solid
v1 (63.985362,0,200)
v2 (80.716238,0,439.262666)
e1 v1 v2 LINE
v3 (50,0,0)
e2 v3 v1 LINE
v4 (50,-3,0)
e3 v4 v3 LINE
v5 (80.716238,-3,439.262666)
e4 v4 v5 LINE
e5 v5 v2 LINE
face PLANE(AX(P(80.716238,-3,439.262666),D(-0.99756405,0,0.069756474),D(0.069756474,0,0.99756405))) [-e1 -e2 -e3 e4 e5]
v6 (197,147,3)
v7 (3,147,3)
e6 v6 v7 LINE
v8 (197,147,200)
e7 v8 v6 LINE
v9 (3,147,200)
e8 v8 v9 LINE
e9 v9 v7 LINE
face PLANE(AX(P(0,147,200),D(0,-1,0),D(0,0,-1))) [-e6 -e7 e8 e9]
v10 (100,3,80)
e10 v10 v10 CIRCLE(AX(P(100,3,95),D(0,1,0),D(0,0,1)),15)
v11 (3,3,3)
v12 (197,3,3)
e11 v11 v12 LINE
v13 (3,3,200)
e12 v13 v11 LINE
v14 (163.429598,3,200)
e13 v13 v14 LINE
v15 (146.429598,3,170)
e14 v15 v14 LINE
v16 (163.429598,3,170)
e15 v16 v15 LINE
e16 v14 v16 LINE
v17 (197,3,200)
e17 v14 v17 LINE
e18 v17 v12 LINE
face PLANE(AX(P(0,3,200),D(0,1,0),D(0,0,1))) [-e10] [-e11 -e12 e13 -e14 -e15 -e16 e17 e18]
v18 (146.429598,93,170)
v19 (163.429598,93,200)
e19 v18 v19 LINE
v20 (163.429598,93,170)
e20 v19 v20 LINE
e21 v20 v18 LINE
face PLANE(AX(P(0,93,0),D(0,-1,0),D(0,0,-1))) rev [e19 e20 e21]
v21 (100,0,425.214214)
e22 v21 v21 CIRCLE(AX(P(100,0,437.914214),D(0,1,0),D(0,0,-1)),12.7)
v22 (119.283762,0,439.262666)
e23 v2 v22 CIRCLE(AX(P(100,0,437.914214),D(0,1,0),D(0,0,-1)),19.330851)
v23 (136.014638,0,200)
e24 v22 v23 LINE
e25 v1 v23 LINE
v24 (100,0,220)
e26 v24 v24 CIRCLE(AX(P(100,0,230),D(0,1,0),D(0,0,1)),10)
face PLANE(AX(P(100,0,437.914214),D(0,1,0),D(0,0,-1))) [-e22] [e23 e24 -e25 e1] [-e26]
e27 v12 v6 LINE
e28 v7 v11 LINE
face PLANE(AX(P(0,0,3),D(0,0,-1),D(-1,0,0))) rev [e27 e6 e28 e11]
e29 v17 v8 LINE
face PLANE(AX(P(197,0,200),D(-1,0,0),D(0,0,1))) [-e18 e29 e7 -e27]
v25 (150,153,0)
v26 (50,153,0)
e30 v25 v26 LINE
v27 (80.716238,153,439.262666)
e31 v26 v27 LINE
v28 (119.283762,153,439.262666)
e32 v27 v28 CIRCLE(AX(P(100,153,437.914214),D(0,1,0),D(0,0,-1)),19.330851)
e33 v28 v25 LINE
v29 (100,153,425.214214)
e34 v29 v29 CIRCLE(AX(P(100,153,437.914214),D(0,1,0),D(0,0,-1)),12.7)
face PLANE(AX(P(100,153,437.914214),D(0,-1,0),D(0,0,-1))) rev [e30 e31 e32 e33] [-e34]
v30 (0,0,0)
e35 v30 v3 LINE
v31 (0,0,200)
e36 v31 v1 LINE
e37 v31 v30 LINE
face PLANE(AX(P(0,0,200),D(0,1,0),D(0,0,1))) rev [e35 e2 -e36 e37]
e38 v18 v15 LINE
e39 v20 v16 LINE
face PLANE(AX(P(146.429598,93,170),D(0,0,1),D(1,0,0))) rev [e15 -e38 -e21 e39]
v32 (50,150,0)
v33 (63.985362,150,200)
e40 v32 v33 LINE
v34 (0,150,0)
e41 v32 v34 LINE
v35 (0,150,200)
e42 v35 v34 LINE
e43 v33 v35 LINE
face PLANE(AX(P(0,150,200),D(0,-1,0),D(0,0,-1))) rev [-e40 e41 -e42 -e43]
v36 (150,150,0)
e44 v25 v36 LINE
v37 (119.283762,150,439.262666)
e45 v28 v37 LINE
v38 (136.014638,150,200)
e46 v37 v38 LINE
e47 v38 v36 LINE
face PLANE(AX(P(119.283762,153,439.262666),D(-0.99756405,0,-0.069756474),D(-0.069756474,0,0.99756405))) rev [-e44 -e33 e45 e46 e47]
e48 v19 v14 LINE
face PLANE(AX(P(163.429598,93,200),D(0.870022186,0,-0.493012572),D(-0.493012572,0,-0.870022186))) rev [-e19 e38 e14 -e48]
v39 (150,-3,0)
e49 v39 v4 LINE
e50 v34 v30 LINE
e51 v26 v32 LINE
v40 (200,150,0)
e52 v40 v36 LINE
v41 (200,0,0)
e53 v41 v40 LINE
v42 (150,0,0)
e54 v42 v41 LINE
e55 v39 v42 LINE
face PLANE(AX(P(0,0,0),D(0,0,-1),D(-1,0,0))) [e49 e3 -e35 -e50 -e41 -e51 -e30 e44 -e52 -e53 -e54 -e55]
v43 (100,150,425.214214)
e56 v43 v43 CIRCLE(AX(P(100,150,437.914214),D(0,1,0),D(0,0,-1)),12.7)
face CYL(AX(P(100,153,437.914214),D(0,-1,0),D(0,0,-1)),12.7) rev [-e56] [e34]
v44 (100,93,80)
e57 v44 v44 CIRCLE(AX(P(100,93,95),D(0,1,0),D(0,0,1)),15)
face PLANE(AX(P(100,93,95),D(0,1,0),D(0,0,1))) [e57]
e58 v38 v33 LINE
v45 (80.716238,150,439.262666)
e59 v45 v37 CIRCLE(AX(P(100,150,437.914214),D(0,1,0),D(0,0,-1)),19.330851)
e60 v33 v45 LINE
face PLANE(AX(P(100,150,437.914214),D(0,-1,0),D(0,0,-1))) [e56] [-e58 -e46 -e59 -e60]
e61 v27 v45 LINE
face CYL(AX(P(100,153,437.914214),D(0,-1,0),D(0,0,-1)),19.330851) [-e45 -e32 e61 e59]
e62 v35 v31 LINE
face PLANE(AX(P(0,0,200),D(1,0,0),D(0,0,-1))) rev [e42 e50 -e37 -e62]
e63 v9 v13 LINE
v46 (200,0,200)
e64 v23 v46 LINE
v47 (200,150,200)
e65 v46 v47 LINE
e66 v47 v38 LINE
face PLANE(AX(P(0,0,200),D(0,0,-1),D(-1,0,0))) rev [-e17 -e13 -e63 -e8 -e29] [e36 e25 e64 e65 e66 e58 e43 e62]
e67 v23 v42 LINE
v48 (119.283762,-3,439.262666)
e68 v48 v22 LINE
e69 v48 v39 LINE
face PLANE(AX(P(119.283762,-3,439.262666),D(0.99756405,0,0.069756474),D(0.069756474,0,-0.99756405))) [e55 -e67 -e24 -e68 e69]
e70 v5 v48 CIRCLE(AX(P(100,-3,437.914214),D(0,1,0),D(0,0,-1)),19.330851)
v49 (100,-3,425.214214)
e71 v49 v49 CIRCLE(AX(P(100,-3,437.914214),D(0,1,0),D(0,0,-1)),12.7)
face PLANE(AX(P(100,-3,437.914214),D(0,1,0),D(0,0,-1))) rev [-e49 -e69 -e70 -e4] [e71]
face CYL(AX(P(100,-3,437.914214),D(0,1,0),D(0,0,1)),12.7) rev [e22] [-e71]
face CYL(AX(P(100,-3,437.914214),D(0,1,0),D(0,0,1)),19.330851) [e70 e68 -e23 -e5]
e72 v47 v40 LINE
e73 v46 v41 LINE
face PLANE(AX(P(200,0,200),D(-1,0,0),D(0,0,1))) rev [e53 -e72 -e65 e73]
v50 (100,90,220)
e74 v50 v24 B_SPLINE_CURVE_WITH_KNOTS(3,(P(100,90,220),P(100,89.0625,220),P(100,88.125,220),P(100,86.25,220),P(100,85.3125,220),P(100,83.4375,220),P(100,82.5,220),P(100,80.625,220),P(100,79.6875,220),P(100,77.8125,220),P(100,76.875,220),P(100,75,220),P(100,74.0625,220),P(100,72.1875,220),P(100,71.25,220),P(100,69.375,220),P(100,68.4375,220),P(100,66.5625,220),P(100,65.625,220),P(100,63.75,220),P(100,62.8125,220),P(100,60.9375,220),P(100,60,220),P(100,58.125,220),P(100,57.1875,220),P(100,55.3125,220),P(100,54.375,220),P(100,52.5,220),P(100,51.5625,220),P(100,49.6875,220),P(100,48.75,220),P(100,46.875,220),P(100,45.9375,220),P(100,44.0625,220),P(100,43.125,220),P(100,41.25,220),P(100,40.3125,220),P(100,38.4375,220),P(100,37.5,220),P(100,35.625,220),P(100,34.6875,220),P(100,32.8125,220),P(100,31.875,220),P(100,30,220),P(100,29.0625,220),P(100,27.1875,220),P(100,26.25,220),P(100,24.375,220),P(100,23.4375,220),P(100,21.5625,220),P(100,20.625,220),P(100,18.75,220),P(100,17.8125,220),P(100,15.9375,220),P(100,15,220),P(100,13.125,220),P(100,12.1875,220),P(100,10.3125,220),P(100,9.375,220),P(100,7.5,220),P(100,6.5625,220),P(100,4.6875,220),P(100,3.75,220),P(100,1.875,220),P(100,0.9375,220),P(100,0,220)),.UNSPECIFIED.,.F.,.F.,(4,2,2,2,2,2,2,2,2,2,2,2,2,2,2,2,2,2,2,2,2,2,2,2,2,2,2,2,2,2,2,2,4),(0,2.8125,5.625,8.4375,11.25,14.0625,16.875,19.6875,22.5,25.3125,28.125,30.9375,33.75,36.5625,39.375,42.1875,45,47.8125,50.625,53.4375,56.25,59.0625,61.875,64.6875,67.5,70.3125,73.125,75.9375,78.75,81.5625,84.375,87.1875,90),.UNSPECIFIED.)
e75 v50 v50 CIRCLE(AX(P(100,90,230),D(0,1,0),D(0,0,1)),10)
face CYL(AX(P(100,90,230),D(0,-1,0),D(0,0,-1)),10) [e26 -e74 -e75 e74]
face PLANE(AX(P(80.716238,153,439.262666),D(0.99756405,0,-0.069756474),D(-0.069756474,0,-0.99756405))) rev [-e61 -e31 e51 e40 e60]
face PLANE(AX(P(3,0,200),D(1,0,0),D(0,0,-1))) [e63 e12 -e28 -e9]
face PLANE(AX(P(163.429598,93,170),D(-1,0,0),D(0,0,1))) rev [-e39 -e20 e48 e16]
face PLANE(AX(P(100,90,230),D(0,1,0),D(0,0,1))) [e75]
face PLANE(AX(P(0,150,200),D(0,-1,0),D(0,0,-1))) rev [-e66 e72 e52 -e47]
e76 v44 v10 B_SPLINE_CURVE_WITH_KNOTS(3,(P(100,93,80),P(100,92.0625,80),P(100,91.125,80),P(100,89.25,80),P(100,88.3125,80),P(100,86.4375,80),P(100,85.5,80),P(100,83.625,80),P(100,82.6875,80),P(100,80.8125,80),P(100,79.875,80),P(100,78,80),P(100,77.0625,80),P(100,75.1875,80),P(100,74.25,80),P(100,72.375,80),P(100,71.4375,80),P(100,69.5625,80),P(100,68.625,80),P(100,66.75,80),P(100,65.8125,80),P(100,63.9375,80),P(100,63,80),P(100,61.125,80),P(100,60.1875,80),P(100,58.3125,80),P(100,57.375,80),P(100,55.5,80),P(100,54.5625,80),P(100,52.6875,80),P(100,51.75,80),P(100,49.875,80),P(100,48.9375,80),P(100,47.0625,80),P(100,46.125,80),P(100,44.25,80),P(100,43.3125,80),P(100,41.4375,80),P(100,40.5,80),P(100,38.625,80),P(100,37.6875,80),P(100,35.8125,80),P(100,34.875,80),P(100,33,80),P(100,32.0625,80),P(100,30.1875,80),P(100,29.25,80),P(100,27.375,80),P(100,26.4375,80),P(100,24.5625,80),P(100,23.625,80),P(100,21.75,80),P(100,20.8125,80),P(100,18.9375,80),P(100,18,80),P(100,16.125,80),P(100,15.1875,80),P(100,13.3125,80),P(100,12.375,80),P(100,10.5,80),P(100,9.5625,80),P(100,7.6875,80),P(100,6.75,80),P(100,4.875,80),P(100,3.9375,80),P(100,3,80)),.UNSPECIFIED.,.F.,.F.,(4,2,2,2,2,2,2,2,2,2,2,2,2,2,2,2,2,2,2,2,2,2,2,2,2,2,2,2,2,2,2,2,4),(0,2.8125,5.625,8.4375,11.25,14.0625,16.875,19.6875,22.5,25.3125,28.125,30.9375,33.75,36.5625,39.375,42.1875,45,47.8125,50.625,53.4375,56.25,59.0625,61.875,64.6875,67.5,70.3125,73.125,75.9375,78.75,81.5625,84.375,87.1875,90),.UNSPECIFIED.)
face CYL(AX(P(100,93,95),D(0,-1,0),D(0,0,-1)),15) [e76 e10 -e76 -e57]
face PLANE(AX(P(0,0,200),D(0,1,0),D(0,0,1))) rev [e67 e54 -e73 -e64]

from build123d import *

# Parameters (mm, degrees)
CROQUIS1_W              = 200
CROQUIS1_H              = 150
SALIENTE_EXTRUIR1_DEPTH = 200
VACIADO1_T              = -3
CROQUIS2_R              = 12.7
SALIENTE_EXTRUIR2_DEPTH = 3
CROQUIS4_R              = 15
SALIENTE_EXTRUIR3_DEPTH = 90
CROQUIS6_R              = 10
SALIENTE_EXTRUIR4_DEPTH = 90
SALIENTE_EXTRUIR5_DEPTH = 90


with BuildPart() as part:
    # Croquis1 → Saliente-Extruir1 (new body)
    with BuildSketch(Plane.XY):
        with Locations((100, 75)):
            Rectangle(CROQUIS1_W, CROQUIS1_H)
    extrude(amount=SALIENTE_EXTRUIR1_DEPTH)

    # Vaciado1
    vaciado1_openings = [part.faces().sort_by_distance(p)[0] for p in [
        (100, 75, 200),
    ]]
    offset(amount=VACIADO1_T, openings=vaciado1_openings, kind=Kind.INTERSECTION)

    # Croquis2 → Saliente-Extruir2 (add)
    with BuildSketch(Plane(origin=(0, 150, 0), x_dir=(1, 0, 0), z_dir=(0, 1, 0))):
        with BuildLine():
            Line((150, 0), (50, 0))
            Line((50, 0), (80.716237825, -439.262665799))
            ThreePointArc((80.716237825, -439.262665799), (100, -457.245064944), (119.283762175, -439.262665799))
            Line((119.283762175, -439.262665799), (150, 0))
        make_face()
        with Locations(Location((100, -437.914213787, 0), (0, 0, 90))):
            Circle(CROQUIS2_R, mode=Mode.SUBTRACT)
    saliente_extruir2 = extrude(amount=SALIENTE_EXTRUIR2_DEPTH)

    # Simetría1: Saliente-Extruir2 across plane
    add(saliente_extruir2.mirror(Plane(origin=(0, 75, 0), x_dir=(0, 0, 1), z_dir=(0, -1, 0))))

    # Croquis4 → Saliente-Extruir3 (add)
    with BuildSketch(Plane(origin=(0, 3, 0), x_dir=(1, 0, 0), z_dir=(0, 1, 0))):
        with Locations(Location((100, -95, 0), (0, 0, 90))):
            Circle(CROQUIS4_R)
    extrude(amount=SALIENTE_EXTRUIR3_DEPTH)

    # Croquis6 → Saliente-Extruir4 (add)
    with BuildSketch(Plane(origin=(0, 0, 0), x_dir=(1, 0, 0), z_dir=(0, 1, 0))):
        with Locations(Location((100, -230, 0), (0, 0, 90))):
            Circle(CROQUIS6_R)
    extrude(amount=SALIENTE_EXTRUIR4_DEPTH)

    # Croquis7 → Saliente-Extruir5 (add)
    with BuildSketch(Plane(origin=(0, 3, 0), x_dir=(1, 0, 0), z_dir=(0, 1, 0))):
        Polygon((146.429598438, -170), (163.429598438, -170), (163.429598438, -200), align=None)
    extrude(amount=SALIENTE_EXTRUIR5_DEPTH)


solid = part.part
